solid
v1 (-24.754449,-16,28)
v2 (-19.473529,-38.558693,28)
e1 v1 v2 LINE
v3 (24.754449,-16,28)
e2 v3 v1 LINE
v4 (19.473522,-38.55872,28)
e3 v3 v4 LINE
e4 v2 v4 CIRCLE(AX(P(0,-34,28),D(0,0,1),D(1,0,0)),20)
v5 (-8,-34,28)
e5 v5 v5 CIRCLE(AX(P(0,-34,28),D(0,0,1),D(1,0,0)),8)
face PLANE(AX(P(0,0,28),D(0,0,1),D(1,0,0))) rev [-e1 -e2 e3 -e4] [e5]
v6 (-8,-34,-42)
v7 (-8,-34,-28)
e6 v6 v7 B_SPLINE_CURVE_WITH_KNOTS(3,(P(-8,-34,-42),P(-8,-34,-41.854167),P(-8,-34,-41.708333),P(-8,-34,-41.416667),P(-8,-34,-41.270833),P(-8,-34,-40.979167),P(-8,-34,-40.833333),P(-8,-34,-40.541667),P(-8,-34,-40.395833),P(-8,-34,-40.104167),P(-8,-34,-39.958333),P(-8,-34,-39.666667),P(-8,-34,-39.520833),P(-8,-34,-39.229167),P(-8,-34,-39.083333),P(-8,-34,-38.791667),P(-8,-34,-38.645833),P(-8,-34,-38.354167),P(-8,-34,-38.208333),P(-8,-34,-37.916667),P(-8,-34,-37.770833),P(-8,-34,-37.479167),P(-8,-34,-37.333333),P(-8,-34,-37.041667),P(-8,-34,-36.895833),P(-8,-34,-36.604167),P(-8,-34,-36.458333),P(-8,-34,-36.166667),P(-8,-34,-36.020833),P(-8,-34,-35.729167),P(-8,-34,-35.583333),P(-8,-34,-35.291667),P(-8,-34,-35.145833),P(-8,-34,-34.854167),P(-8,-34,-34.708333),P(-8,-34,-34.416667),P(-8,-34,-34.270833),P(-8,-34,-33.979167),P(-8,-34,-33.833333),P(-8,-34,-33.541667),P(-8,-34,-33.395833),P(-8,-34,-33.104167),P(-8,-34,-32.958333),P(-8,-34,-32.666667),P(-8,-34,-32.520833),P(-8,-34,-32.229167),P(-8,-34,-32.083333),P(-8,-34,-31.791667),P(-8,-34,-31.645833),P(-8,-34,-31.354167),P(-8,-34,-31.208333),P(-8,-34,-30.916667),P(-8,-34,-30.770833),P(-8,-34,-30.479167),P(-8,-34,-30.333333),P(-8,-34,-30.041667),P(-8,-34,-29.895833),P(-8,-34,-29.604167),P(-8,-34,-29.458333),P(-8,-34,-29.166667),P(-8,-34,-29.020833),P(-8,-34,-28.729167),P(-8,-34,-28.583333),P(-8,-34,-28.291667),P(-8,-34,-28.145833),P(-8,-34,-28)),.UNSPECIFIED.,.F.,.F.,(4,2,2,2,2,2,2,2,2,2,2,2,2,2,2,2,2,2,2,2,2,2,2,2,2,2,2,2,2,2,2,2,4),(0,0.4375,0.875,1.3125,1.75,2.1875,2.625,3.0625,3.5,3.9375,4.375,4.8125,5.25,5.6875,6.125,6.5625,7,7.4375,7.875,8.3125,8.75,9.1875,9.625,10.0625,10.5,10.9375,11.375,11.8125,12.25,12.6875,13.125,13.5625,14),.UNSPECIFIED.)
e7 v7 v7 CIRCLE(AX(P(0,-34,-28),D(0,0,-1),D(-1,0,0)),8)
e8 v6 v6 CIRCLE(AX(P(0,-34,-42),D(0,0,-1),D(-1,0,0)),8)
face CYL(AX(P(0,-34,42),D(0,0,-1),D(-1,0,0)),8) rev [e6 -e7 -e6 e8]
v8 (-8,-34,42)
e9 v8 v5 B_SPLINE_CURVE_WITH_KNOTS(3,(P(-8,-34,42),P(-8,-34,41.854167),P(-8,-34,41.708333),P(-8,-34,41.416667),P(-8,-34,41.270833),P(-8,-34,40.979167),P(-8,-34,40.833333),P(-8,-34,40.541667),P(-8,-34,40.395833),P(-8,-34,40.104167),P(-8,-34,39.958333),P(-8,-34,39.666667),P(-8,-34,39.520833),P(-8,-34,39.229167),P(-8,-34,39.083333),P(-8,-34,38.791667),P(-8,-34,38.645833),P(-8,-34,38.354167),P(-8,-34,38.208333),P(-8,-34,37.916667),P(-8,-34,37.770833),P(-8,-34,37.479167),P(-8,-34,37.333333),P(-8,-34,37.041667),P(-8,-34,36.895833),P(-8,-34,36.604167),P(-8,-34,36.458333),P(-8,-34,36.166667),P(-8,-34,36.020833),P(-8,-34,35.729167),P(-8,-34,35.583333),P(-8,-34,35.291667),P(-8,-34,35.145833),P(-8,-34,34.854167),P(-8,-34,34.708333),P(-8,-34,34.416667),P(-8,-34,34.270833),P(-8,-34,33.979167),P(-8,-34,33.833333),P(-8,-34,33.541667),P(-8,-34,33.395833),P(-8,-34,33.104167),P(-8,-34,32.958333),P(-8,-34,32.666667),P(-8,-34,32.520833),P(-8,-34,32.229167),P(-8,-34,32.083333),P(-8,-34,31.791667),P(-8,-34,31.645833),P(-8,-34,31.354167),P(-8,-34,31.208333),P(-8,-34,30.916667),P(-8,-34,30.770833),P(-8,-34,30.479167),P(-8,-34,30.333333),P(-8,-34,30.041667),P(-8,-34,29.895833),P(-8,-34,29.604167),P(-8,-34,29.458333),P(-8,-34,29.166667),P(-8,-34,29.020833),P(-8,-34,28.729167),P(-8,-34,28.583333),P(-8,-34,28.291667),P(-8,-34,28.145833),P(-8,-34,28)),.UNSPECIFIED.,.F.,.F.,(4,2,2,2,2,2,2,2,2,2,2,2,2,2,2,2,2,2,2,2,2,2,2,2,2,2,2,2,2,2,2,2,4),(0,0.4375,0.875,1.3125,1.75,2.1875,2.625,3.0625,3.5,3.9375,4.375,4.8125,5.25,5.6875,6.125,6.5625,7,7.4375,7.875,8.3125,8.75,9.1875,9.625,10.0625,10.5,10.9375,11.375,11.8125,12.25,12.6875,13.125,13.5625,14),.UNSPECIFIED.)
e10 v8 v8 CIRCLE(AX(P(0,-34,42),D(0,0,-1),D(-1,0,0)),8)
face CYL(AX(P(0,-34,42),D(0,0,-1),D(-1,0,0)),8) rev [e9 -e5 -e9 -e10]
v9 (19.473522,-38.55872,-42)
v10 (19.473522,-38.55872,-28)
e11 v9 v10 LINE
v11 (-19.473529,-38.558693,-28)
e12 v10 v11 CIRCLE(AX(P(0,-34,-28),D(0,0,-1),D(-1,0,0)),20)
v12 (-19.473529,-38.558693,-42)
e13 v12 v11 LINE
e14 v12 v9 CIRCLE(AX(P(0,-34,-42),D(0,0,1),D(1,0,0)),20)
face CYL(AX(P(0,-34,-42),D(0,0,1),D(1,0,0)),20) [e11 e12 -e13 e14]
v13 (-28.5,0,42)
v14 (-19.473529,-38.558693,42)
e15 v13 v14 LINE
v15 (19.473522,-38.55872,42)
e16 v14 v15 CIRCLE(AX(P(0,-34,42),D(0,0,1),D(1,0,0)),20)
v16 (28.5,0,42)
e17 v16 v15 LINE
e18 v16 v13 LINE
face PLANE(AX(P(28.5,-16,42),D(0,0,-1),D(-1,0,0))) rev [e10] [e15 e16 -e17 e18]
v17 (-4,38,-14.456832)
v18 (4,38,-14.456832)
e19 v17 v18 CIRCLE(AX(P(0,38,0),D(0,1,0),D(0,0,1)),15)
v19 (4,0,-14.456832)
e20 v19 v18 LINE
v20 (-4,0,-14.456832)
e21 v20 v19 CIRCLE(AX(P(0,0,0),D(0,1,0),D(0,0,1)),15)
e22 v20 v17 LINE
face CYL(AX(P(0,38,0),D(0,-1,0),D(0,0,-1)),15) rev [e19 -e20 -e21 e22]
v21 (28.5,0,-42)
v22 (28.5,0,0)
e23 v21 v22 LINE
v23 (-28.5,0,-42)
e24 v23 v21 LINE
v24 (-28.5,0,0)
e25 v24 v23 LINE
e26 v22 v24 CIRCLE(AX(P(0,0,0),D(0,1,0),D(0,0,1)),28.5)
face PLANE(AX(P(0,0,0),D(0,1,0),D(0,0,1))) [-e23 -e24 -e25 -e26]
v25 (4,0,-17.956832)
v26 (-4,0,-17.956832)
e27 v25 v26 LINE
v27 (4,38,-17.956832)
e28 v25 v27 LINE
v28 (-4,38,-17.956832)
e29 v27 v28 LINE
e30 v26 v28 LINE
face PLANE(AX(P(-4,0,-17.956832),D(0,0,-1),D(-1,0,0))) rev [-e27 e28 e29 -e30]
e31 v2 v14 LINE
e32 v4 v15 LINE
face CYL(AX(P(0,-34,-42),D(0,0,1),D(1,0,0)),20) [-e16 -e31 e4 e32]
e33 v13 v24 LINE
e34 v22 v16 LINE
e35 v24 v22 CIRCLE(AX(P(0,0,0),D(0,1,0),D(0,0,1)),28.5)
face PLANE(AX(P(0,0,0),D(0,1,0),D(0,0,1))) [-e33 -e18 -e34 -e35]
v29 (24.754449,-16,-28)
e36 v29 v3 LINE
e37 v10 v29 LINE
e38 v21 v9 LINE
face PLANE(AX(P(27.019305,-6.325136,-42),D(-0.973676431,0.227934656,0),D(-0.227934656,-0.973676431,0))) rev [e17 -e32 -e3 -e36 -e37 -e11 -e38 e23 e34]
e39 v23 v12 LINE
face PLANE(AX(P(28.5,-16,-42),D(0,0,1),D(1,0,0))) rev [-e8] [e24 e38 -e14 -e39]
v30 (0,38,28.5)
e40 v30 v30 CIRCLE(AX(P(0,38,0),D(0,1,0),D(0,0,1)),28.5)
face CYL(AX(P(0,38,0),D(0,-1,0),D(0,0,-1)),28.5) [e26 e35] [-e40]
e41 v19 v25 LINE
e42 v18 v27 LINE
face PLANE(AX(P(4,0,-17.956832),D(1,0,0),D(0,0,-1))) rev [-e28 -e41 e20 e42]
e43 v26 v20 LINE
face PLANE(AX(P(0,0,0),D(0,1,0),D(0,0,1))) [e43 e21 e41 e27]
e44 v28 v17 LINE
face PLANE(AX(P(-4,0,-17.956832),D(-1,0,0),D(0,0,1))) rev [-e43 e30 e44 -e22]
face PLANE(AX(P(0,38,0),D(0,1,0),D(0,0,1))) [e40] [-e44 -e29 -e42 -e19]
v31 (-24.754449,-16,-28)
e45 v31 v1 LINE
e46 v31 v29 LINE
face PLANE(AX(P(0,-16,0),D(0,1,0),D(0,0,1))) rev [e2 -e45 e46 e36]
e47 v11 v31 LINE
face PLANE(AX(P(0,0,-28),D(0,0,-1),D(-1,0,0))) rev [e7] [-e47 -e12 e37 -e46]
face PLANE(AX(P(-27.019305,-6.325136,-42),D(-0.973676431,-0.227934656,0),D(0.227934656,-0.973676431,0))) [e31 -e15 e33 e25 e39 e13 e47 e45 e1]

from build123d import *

# Parameters (mm, degrees)
SKETCH1_R           = 28.5
SKETCH1_R_2         = 15
BOSS_EXTRUDE1_DEPTH = 38
SKETCH2_W           = 57
SKETCH2_H           = 84
BOSS_EXTRUDE2_DEPTH = 16
SKETCH6_W           = 57
SKETCH6_H           = 38
BOSS_EXTRUDE4_DEPTH = 14
SKETCH7_W           = 57
SKETCH7_H           = 38
BOSS_EXTRUDE5_DEPTH = 14
SKETCH8_R           = 8
CUT_EXTRUDE3_DEPTH  = 104.847243584
CUT_EXTRUDE4_DEPTH  = 104.847243584
CUT_EXTRUDE5_START  = -38
CUT_EXTRUDE5_DEPTH  = 38


with BuildPart() as part:
    # Sketch1 → Boss-Extrude1 (new body)
    with BuildSketch(Plane(origin=(0, 0, 0), x_dir=(1, 0, 0), z_dir=(0, 1, 0))):
        with Locations(Location((0, 0, 0), (0, 0, 270))):
            Circle(SKETCH1_R)
        with Locations(Location((0, 0, 0), (0, 0, 270))):
            Circle(SKETCH1_R_2, mode=Mode.SUBTRACT)
    extrude(amount=BOSS_EXTRUDE1_DEPTH)

    # Sketch2 → Boss-Extrude2 (add)
    with BuildSketch(Plane.XZ):
        Rectangle(SKETCH2_W, SKETCH2_H)
    extrude(amount=BOSS_EXTRUDE2_DEPTH)

    # Sketch6 → Boss-Extrude4 (add)
    with BuildSketch(Plane.XY.offset(42)):
        with Locations((0, -35)):
            Rectangle(SKETCH6_W, SKETCH6_H)
    extrude(amount=-BOSS_EXTRUDE4_DEPTH)

    # Sketch7 → Boss-Extrude5 (add)
    with BuildSketch(Plane(origin=(0, 0, -42), x_dir=(-1, 0, 0), z_dir=(0, 0, -1))):
        with Locations((0, -35)):
            Rectangle(SKETCH7_W, SKETCH7_H)
    extrude(amount=-BOSS_EXTRUDE5_DEPTH)

    # Sketch8 → Cut-Extrude3 (cut, through all)
    with BuildSketch(Plane(origin=(0, 0, -42), x_dir=(-1, 0, 0), z_dir=(0, 0, -1))):
        with Locations((0, -34)):
            Circle(SKETCH8_R)
    extrude(amount=-CUT_EXTRUDE3_DEPTH, mode=Mode.SUBTRACT)

    # Sketch9 → Cut-Extrude4 (cut, through all)
    with BuildSketch(Plane.XY.offset(42)):
        with BuildLine():
            Line((-19.473528625, -38.558693112), (-28.5, 0))
            Line((-28.5, 0), (-28.5, -54))
            Line((-28.5, -54), (0, -54))
            ThreePointArc((0, -54), (-12.42630552, -49.671213454), (-19.473528625, -38.558693112))
        make_face()
        with BuildLine():
            ThreePointArc((19.473522225, -38.558720453), (12.426294519, -49.671222177), (0, -54))
            Line((0, -54), (28.5, -54))
            Line((28.5, -54), (28.5, 0))
            Line((28.5, 0), (19.473522225, -38.558720453))
        make_face()
    extrude(amount=-CUT_EXTRUDE4_DEPTH, mode=Mode.SUBTRACT)

    # Sketch11 → Cut-Extrude5 (cut)
    with BuildSketch(Plane(origin=(0, 38, 0), x_dir=(1, 0, 0), z_dir=(0, 1, 0)).offset(CUT_EXTRUDE5_START)):
        with BuildLine():
            Line((-4, 17.956832295), (4, 17.956832295))
            Line((4, 17.956832295), (4, 14.456832295))
            ThreePointArc((4, 14.456832295), (0, 15), (-4, 14.456832295))
            Line((-4, 14.456832295), (-4, 17.956832295))
        make_face()
    extrude(amount=CUT_EXTRUDE5_DEPTH, mode=Mode.SUBTRACT)


solid = part.part
